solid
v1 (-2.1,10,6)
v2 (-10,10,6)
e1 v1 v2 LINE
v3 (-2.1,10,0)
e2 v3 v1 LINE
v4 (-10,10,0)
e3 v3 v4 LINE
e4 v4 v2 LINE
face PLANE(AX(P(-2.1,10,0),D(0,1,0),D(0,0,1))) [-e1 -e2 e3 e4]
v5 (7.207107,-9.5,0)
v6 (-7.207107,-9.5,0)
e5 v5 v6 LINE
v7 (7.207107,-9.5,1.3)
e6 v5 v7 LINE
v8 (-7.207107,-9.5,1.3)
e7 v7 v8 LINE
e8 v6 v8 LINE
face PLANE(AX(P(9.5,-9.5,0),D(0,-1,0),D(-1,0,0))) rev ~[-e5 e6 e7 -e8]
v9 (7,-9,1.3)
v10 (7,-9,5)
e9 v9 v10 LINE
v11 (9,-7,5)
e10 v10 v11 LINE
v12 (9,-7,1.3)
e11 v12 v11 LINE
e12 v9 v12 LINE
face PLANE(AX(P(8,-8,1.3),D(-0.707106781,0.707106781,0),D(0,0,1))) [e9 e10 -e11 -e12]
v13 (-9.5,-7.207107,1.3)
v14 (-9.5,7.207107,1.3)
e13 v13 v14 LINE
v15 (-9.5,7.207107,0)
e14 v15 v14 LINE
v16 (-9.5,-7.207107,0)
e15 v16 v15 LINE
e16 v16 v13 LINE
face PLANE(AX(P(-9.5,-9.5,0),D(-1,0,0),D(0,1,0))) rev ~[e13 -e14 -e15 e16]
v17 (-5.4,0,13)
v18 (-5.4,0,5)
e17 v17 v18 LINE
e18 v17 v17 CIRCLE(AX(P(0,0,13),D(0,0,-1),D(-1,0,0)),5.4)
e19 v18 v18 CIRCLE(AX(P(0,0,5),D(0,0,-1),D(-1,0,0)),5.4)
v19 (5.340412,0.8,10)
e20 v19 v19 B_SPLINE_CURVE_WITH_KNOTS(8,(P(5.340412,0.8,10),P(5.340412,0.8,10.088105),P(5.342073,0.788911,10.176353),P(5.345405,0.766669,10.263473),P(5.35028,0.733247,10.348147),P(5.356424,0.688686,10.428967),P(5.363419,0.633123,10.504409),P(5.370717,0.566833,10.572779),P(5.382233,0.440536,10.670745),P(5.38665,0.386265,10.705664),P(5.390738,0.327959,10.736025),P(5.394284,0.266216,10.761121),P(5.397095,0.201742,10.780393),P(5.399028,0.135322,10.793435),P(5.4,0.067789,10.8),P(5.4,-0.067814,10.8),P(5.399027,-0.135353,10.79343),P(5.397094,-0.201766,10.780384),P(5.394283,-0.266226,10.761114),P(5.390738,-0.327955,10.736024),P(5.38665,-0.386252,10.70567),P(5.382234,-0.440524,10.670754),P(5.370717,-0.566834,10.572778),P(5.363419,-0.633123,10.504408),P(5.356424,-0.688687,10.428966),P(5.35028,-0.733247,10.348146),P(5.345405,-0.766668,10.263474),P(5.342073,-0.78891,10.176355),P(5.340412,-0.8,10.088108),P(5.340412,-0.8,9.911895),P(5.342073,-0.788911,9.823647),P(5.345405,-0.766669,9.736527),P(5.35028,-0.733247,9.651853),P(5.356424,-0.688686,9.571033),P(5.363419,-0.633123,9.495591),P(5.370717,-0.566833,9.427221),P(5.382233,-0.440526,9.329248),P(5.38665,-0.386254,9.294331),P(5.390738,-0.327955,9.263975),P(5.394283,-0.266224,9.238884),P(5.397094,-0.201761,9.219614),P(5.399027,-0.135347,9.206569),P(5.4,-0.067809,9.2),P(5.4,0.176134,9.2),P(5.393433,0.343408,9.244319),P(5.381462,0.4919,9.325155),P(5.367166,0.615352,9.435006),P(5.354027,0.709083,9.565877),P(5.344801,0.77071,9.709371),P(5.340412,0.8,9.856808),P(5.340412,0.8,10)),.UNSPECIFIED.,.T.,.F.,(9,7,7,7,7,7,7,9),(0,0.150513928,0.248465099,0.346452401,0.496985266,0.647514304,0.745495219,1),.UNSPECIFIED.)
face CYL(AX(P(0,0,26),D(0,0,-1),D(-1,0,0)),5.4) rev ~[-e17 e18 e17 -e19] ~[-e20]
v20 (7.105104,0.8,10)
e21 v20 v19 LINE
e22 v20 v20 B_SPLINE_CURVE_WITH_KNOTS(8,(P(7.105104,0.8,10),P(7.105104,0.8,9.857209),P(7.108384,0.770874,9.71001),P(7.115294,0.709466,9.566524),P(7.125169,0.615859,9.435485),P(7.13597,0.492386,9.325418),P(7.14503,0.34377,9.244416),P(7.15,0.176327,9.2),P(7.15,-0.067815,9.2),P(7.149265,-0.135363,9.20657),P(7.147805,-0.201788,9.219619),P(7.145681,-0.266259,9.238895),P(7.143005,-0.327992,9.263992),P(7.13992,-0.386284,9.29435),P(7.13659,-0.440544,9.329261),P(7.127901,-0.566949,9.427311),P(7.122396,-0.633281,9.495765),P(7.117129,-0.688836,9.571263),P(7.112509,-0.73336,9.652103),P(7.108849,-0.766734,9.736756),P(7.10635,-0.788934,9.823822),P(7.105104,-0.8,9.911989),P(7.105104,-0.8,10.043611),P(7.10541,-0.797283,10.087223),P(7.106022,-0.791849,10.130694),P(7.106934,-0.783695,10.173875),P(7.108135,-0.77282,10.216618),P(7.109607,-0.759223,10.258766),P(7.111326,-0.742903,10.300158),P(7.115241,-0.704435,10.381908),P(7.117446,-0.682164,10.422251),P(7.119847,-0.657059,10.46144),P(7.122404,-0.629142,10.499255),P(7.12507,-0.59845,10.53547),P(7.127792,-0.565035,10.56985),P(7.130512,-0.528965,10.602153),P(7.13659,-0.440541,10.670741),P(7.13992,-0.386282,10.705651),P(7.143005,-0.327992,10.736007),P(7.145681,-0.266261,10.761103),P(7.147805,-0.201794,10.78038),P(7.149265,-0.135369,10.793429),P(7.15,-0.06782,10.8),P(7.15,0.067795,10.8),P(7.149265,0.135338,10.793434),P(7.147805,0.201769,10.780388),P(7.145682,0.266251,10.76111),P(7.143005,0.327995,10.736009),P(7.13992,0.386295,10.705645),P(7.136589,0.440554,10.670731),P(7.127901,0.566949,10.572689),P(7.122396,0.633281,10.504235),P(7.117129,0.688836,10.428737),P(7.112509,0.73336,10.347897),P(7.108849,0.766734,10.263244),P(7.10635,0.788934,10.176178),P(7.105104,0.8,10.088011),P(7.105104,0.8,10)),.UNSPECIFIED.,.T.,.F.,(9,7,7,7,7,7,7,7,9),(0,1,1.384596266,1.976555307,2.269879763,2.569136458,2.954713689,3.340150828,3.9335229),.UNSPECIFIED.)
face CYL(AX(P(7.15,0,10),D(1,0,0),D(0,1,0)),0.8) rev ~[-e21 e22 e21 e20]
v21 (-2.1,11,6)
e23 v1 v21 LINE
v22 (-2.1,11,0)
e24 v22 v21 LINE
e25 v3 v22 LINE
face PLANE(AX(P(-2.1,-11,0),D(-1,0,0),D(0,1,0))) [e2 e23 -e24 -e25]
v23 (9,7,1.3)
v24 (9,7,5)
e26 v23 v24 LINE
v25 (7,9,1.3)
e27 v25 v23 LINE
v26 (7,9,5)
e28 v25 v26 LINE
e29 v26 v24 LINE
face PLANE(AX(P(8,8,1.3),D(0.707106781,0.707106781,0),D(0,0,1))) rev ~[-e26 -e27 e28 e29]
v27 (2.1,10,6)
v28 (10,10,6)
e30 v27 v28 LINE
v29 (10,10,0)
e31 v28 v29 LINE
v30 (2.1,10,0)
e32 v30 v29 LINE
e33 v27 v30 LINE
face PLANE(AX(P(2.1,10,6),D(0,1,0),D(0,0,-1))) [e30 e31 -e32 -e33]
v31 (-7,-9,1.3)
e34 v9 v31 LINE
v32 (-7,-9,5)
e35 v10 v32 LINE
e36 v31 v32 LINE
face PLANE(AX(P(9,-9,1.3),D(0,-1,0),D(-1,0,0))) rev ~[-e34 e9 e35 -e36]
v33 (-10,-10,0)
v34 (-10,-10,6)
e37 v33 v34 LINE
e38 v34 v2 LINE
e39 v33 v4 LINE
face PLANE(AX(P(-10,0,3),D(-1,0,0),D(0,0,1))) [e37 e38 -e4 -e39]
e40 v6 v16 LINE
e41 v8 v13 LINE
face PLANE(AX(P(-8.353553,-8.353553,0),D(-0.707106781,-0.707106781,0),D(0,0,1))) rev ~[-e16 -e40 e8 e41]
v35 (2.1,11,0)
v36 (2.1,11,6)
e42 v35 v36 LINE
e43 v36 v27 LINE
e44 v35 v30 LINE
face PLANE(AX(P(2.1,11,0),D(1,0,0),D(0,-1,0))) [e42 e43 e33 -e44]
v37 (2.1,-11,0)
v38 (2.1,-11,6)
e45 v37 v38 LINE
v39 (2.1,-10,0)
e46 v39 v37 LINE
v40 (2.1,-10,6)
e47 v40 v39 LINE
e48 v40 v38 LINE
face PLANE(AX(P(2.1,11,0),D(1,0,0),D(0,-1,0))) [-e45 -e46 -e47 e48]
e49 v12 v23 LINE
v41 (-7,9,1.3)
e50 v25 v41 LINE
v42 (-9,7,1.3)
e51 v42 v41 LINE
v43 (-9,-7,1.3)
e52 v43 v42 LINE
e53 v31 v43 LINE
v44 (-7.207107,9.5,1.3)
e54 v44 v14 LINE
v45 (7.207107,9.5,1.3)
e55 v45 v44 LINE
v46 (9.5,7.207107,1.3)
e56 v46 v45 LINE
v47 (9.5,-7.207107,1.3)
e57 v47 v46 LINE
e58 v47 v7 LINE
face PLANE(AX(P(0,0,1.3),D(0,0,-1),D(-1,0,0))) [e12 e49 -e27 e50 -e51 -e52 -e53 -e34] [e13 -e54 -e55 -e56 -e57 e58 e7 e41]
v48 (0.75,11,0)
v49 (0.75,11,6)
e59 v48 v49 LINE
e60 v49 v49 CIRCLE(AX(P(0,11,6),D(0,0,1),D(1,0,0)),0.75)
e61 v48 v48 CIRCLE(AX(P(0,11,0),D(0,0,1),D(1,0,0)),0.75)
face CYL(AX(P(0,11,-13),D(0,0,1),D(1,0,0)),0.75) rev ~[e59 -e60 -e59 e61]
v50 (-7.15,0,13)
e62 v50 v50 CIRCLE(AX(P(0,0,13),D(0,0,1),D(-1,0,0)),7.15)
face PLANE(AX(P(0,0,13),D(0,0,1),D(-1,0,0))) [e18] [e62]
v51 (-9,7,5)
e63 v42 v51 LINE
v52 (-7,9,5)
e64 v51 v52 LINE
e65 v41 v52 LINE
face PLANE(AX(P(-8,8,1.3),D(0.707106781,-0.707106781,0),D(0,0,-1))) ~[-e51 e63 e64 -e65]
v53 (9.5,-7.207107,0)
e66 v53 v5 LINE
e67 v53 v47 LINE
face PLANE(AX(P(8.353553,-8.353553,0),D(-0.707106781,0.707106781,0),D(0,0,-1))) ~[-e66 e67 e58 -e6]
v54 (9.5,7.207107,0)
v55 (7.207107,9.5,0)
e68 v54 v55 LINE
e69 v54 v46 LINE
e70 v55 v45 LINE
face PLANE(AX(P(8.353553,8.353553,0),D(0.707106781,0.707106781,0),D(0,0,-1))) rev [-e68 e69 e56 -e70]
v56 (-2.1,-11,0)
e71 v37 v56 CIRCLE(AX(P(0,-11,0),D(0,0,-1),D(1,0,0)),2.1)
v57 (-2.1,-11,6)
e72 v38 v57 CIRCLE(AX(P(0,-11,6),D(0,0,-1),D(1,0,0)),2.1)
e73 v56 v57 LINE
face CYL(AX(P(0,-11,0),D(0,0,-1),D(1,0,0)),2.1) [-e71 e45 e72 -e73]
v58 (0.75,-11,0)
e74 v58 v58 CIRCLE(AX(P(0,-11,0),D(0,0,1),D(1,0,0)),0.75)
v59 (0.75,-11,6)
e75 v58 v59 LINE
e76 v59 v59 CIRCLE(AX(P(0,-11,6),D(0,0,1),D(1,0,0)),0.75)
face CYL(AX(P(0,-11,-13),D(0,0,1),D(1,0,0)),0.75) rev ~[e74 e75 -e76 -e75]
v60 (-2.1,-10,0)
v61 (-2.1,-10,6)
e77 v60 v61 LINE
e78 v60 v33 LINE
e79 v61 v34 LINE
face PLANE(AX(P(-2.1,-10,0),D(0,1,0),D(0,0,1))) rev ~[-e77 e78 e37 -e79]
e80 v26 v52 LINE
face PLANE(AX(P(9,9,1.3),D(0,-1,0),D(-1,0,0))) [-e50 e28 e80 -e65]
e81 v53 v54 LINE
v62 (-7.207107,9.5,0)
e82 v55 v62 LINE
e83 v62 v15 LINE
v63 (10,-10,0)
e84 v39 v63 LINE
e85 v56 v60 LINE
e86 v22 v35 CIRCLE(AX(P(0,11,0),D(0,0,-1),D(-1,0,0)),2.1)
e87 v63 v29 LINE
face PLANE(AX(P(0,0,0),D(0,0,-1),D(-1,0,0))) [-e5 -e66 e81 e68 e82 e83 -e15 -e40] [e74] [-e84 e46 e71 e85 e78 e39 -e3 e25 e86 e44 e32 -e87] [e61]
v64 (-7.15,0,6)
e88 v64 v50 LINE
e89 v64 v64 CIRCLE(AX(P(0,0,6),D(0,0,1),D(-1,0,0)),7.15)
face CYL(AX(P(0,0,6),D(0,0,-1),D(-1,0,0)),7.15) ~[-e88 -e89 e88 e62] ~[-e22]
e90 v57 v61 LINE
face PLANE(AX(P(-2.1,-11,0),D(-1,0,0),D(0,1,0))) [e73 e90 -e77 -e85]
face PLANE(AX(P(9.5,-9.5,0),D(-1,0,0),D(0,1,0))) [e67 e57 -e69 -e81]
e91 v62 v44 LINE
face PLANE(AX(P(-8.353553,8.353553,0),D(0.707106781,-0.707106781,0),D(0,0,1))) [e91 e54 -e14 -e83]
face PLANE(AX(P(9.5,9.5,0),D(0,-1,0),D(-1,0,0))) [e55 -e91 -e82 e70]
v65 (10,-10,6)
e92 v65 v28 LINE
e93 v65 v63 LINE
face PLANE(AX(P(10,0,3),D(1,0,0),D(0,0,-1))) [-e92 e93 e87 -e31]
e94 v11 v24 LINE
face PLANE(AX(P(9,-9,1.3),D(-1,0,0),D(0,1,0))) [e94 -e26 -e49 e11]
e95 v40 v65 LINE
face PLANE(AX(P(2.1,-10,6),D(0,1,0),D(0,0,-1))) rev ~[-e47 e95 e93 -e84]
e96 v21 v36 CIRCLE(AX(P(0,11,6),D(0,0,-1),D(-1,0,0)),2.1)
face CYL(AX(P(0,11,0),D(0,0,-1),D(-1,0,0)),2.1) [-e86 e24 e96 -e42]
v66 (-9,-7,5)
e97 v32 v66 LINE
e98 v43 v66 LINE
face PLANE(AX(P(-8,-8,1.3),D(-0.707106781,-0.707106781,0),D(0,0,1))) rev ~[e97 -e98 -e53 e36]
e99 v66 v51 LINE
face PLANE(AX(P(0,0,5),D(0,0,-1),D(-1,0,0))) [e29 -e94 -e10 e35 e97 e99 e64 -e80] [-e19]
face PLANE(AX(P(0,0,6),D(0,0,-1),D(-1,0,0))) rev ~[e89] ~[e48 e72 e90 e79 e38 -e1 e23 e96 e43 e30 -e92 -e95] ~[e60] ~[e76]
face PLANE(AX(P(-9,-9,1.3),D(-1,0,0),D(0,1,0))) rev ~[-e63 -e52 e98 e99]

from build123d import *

# Parameters (mm, degrees)
AUFSATZ_LINEAR_AUSTRAGEN1_DEPTH        = 6
SKIZZE2_W                              = 6
SKIZZE2_H                              = 20
AUFSATZ_LINEAR_AUSTRAGEN2_DEPTH        = 7.9
SKIZZE3_W                              = 6
SKIZZE3_H                              = 20
AUFSATZ_LINEAR_AUSTRAGEN3_DEPTH        = 7.9
SKIZZE4_R                              = 7.15
AUFSATZ_LINEAR_AUSTRAGEN4_DEPTH        = 7
SKIZZE5_W                              = 19
SKIZZE5_H                              = 19
SCHNITT_LINEAR_AUSTRAGEN1_DEPTH        = 1.3
SKIZZE6_W                              = 18
SKIZZE6_H                              = 18
SCHNITT_LINEAR_AUSTRAGEN2_DEPTH        = 3.7
F_1_5_1_5_DURCHMESSER_BOHRUNG1_D       = 1.5
F_1_5_1_5_DURCHMESSER_BOHRUNG1_DEPTH   = 13
F_10_8_10_8_DURCHMESSER_BOHRUNG1_D     = 10.8
F_10_8_10_8_DURCHMESSER_BOHRUNG1_DEPTH = 13
F_1_6_1_6_DURCHMESSER_BOHRUNG1_REACH   = 25.785
F_1_6_1_6_DURCHMESSER_BOHRUNG1_BORE_R  = 0.8
FASE1_SIZE                             = 2
FASE2_SIZE                             = 2.292893219


with BuildPart() as part:
    # Skizze1 → Aufsatz-Linear austragen1 (new body)
    with BuildSketch(Plane(origin=(0, 0, 0), x_dir=(-1, 0, 0), z_dir=(0, 0, -1))):
        with BuildLine():
            Line((2.1, -11), (2.1, 11))
            ThreePointArc((2.1, 11), (0, 13.1), (-2.1, 11))
            Line((-2.1, 11), (-2.1, -11))
            ThreePointArc((-2.1, -11), (0, -13.1), (2.1, -11))
        make_face()
    extrude(amount=-AUFSATZ_LINEAR_AUSTRAGEN1_DEPTH)

    # Skizze2 → Aufsatz-Linear austragen2 (add)
    with BuildSketch(Plane.ZY.offset(2.1)):
        with Locations((3, 0)):
            Rectangle(SKIZZE2_W, SKIZZE2_H)
    extrude(amount=AUFSATZ_LINEAR_AUSTRAGEN2_DEPTH)

    # Skizze3 → Aufsatz-Linear austragen3 (add)
    with BuildSketch(Plane(origin=(2.1, 0, 0), x_dir=(0, 0, -1), z_dir=(1, 0, 0))):
        with Locations((-3, 0)):
            Rectangle(SKIZZE3_W, SKIZZE3_H)
    extrude(amount=AUFSATZ_LINEAR_AUSTRAGEN3_DEPTH)

    # Skizze4 → Aufsatz-Linear austragen4 (add)
    with BuildSketch(Plane.XY.offset(6)):
        with Locations(Location((0, 0, 0), (0, 0, 180))):
            Circle(SKIZZE4_R)
    extrude(amount=AUFSATZ_LINEAR_AUSTRAGEN4_DEPTH)

    # Skizze5 → Schnitt-Linear austragen1 (cut)
    with BuildSketch(Plane(origin=(0, 0, 0), x_dir=(-1, 0, 0), z_dir=(0, 0, -1))):
        Rectangle(SKIZZE5_W, SKIZZE5_H)
    extrude(amount=-SCHNITT_LINEAR_AUSTRAGEN1_DEPTH, mode=Mode.SUBTRACT)

    # Skizze6 → Schnitt-Linear austragen2 (cut)
    with BuildSketch(Plane(origin=(0, 0, 1.3), x_dir=(-1, 0, 0), z_dir=(0, 0, -1))):
        Rectangle(SKIZZE6_W, SKIZZE6_H)
    extrude(amount=-SCHNITT_LINEAR_AUSTRAGEN2_DEPTH, mode=Mode.SUBTRACT)

    # Ø1.5 (1.5) Durchmesser Bohrung1
    with Locations(Plane(origin=(0, 0, 0), x_dir=(-1, 0, 0), z_dir=(0, 0, -1))):
        with Locations((0, -11), (0, 11)):
            Hole(F_1_5_1_5_DURCHMESSER_BOHRUNG1_D / 2, depth=F_1_5_1_5_DURCHMESSER_BOHRUNG1_DEPTH)

    # Ø10.8 (10.8) Durchmesser Bohrung1
    with Locations(Plane.XY.offset(13)):
        with Locations((0, 0)):
            Hole(F_10_8_10_8_DURCHMESSER_BOHRUNG1_D / 2, depth=F_10_8_10_8_DURCHMESSER_BOHRUNG1_DEPTH)

    # Ø1.6 (1.6) Durchmesser Bohrung1 bore (on position points) → Ø1.6 (1.6) Durchmesser Bohrung1 (cut, up to next)
    with BuildSketch(Plane(origin=(7.15, 0, 10), x_dir=(0, 1, 0), z_dir=(1, 0, 0)), mode=Mode.PRIVATE) as f_1_6_1_6_durchmesser_bohrung1_sk1:
        Circle(F_1_6_1_6_DURCHMESSER_BOHRUNG1_BORE_R)
    f_1_6_1_6_durchmesser_bohrung1_tool1 = extrude(f_1_6_1_6_durchmesser_bohrung1_sk1.sketch, amount=-F_1_6_1_6_DURCHMESSER_BOHRUNG1_REACH, mode=Mode.PRIVATE) & part.part
    add(f_1_6_1_6_durchmesser_bohrung1_tool1.solids().sort_by_distance((7.15, 0, 10))[0], mode=Mode.SUBTRACT)

    # Fase1
    fase1_edges = [part.edges().sort_by_distance(p)[0] for p in [
        (-9, -9, 3.15),
        (9, -9, 3.15),
        (9, 9, 3.15),
        (-9, 9, 3.15),
    ]]
    chamfer(fase1_edges, length=FASE1_SIZE)

    # Fase2
    fase2_edges = [part.edges().sort_by_distance(p)[0] for p in [
        (9.5, 9.5, 0.65),
        (-9.5, 9.5, 0.65),
        (-9.5, -9.5, 0.65),
        (9.5, -9.5, 0.65),
    ]]
    chamfer(fase2_edges, length=FASE2_SIZE)


solid = part.part
